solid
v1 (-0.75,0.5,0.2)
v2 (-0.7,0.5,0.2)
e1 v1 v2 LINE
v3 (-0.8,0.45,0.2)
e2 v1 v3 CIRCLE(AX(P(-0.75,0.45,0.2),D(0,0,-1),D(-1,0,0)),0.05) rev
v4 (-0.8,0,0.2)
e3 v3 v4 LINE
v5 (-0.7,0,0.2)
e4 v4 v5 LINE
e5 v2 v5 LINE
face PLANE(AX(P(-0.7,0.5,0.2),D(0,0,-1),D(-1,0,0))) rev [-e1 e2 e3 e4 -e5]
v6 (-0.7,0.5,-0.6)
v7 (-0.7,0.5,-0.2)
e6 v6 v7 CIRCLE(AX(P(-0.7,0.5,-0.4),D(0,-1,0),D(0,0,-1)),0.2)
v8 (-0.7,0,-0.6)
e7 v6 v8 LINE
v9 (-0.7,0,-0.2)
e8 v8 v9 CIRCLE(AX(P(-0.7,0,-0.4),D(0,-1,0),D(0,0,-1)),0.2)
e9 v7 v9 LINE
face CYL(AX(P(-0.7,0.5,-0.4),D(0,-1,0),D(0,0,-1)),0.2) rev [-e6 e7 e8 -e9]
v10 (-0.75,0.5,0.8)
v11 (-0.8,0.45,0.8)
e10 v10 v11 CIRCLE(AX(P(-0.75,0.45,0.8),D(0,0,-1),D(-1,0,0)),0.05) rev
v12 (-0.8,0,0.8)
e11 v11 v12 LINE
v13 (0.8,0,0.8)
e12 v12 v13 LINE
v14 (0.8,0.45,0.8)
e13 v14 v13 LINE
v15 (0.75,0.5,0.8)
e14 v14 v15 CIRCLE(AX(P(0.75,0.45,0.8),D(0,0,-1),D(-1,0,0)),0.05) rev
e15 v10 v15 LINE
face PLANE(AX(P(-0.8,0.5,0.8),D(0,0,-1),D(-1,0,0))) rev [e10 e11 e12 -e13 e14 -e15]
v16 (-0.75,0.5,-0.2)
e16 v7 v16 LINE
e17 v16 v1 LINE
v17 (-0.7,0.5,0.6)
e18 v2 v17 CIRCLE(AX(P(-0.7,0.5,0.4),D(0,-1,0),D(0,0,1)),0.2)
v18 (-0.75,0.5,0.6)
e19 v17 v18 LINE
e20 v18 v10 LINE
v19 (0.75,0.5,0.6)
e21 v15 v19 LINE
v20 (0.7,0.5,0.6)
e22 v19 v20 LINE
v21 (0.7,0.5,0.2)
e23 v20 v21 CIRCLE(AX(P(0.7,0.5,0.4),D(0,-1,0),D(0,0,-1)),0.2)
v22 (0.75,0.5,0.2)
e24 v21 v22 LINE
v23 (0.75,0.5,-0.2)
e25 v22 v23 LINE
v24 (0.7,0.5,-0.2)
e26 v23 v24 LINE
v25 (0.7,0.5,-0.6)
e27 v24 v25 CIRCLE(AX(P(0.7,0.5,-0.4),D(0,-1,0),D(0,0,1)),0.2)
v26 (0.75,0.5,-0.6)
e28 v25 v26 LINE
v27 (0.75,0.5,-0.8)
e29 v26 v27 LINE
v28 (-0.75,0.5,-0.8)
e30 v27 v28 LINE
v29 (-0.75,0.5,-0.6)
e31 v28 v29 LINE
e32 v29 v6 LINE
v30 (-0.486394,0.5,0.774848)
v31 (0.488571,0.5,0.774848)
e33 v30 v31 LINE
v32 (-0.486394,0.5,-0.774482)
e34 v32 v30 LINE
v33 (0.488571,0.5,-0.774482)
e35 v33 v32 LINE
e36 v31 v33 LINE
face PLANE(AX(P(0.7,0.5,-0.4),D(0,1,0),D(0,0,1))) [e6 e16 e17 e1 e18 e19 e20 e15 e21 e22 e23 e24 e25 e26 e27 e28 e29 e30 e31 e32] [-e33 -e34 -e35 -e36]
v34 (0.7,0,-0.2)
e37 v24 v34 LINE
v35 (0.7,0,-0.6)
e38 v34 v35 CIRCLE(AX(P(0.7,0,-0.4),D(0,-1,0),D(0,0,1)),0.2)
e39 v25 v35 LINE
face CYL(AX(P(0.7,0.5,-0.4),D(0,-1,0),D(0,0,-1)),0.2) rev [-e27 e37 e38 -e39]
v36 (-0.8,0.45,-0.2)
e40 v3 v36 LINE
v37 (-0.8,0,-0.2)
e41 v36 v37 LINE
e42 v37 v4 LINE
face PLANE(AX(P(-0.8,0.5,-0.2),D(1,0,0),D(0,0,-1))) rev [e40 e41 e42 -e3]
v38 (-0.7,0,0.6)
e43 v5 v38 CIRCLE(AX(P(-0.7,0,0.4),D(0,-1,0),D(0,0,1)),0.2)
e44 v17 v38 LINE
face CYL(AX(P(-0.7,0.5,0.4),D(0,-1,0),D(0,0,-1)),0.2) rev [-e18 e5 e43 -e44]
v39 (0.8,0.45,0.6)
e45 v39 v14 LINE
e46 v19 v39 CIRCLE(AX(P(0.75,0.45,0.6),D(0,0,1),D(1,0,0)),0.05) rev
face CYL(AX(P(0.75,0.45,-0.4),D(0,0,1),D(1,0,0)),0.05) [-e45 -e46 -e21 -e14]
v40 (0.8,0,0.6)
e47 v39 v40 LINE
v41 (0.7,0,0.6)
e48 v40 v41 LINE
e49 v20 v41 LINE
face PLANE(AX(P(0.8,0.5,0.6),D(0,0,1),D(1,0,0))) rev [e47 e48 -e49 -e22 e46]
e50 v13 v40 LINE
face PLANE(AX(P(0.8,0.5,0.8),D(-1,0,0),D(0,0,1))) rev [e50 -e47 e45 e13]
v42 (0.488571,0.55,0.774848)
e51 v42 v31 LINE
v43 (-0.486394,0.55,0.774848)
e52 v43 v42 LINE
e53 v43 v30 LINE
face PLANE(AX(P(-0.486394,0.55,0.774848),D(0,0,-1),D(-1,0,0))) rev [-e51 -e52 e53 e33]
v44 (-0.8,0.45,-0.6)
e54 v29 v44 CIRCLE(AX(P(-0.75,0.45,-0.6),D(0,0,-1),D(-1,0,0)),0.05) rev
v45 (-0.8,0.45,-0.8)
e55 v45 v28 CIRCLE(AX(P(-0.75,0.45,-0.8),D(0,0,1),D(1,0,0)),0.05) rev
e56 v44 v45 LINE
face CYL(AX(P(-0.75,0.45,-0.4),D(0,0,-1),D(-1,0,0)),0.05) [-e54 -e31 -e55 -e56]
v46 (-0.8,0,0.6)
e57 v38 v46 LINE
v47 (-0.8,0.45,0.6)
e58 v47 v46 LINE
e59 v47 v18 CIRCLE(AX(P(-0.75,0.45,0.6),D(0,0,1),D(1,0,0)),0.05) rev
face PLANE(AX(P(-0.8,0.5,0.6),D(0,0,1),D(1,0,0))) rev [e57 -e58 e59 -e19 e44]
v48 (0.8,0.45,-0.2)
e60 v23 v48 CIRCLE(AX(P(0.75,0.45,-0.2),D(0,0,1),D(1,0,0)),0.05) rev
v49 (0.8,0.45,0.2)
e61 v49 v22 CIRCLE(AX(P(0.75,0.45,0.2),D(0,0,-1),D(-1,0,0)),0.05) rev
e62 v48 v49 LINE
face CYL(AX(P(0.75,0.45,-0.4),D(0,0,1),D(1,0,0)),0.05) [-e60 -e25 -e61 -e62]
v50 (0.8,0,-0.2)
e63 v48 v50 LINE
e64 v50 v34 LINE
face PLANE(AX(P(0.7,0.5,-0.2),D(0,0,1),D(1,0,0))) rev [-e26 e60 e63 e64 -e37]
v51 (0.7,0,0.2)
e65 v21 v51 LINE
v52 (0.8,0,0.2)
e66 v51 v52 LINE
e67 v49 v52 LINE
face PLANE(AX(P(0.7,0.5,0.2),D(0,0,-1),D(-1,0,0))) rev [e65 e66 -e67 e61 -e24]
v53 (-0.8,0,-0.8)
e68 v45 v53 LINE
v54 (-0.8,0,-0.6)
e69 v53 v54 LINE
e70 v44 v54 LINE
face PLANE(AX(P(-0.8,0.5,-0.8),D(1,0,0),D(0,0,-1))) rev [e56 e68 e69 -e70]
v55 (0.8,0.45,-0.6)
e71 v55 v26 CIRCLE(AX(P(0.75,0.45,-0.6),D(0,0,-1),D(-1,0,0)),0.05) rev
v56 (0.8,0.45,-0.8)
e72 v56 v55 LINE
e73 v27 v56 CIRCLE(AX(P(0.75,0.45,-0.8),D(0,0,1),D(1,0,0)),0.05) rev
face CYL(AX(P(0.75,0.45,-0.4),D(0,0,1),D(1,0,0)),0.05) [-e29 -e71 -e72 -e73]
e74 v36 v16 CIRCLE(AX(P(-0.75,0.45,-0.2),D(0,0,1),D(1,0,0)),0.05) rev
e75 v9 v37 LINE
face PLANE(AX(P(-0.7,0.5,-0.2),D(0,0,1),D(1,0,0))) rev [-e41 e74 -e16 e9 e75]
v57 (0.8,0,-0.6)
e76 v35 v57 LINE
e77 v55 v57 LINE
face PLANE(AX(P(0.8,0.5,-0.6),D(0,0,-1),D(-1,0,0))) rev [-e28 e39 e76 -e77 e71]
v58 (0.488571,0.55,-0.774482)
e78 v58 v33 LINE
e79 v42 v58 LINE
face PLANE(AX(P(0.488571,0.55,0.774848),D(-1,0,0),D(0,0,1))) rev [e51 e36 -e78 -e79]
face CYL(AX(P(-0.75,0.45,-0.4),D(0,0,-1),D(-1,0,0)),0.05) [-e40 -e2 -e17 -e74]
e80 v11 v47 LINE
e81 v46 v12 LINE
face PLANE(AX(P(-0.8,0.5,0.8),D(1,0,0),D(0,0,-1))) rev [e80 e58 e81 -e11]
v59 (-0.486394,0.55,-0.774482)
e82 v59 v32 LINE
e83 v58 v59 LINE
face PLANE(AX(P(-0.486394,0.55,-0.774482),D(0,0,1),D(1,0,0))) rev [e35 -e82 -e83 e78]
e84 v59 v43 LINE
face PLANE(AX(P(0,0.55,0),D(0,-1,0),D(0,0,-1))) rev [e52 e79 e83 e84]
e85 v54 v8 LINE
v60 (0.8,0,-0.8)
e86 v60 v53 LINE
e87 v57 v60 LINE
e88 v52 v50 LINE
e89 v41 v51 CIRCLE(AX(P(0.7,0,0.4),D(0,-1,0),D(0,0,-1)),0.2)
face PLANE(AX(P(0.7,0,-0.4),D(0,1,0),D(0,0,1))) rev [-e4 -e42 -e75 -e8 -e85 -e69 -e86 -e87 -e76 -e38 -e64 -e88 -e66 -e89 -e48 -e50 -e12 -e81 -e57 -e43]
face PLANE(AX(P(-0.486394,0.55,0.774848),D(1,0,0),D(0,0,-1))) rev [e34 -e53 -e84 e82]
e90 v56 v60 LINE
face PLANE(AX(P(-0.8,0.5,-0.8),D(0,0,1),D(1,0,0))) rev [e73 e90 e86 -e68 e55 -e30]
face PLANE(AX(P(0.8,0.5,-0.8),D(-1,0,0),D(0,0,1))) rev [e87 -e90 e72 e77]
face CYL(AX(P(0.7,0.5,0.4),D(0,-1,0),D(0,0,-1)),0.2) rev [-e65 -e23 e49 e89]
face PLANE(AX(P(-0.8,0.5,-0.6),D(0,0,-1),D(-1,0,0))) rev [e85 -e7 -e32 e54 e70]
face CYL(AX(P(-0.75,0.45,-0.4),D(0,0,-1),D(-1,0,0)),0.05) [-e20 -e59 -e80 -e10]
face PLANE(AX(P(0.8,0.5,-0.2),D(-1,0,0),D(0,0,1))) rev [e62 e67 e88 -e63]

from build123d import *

# Parameters (mm, degrees)
BOSS_EXTRUDE1_DEPTH = 0.5
SKETCH2_W           = 0.974965632
SKETCH2_H           = 1.549329334
BOSS_EXTRUDE2_DEPTH = 0.05
FILLET2_R           = 0.05


with BuildPart() as part:
    # Sketch1 → Boss-Extrude1 (new body)
    with BuildSketch(Plane(origin=(0, 0, 0), x_dir=(1, 0, 0), z_dir=(0, 1, 0))):
        with BuildLine():
            Line((-0.8, 0.8), (-0.8, 0.6))
            Line((-0.8, 0.6), (-0.7, 0.6))
            ThreePointArc((-0.7, 0.6), (-0.5, 0.4), (-0.7, 0.2))
            Line((-0.7, 0.2), (-0.8, 0.2))
            Line((-0.8, 0.2), (-0.8, -0.2))
            Line((-0.8, -0.2), (-0.7, -0.2))
            ThreePointArc((-0.7, -0.2), (-0.5, -0.4), (-0.7, -0.6))
            Line((-0.7, -0.6), (-0.8, -0.6))
            Line((-0.8, -0.6), (-0.8, -0.8))
            Line((-0.8, -0.8), (0.8, -0.8))
            Line((0.8, -0.8), (0.8, -0.6))
            Line((0.8, -0.6), (0.7, -0.6))
            ThreePointArc((0.7, -0.6), (0.5, -0.4), (0.7, -0.2))
            Line((0.7, -0.2), (0.8, -0.2))
            Line((0.8, -0.2), (0.8, 0.2))
            Line((0.8, 0.2), (0.7, 0.2))
            ThreePointArc((0.7, 0.2), (0.5, 0.4), (0.7, 0.6))
            Line((0.7, 0.6), (0.8, 0.6))
            Line((0.8, 0.6), (0.8, 0.8))
            Line((0.8, 0.8), (-0.8, 0.8))
        make_face()
    extrude(amount=BOSS_EXTRUDE1_DEPTH)

    # Sketch2 → Boss-Extrude2 (add)
    with BuildSketch(Plane(origin=(0, 0.5, 0), x_dir=(1, 0, 0), z_dir=(0, 1, 0))):
        with Locations((0.001088626, -0.000183017)):
            Rectangle(SKETCH2_W, SKETCH2_H)
    extrude(amount=BOSS_EXTRUDE2_DEPTH)

    # Fillet2
    fillet2_edges = [part.edges().sort_by_distance(p)[0] for p in [
        (-0.8, 0.5, 0),
        (-0.8, 0.5, 0.7),
        (0.8, 0.5, 0.7),
        (0.8, 0.5, 0),
        (0.8, 0.5, -0.7),
        (-0.8, 0.5, -0.7),
    ]]
    fillet(fillet2_edges, radius=FILLET2_R)


solid = part.part
